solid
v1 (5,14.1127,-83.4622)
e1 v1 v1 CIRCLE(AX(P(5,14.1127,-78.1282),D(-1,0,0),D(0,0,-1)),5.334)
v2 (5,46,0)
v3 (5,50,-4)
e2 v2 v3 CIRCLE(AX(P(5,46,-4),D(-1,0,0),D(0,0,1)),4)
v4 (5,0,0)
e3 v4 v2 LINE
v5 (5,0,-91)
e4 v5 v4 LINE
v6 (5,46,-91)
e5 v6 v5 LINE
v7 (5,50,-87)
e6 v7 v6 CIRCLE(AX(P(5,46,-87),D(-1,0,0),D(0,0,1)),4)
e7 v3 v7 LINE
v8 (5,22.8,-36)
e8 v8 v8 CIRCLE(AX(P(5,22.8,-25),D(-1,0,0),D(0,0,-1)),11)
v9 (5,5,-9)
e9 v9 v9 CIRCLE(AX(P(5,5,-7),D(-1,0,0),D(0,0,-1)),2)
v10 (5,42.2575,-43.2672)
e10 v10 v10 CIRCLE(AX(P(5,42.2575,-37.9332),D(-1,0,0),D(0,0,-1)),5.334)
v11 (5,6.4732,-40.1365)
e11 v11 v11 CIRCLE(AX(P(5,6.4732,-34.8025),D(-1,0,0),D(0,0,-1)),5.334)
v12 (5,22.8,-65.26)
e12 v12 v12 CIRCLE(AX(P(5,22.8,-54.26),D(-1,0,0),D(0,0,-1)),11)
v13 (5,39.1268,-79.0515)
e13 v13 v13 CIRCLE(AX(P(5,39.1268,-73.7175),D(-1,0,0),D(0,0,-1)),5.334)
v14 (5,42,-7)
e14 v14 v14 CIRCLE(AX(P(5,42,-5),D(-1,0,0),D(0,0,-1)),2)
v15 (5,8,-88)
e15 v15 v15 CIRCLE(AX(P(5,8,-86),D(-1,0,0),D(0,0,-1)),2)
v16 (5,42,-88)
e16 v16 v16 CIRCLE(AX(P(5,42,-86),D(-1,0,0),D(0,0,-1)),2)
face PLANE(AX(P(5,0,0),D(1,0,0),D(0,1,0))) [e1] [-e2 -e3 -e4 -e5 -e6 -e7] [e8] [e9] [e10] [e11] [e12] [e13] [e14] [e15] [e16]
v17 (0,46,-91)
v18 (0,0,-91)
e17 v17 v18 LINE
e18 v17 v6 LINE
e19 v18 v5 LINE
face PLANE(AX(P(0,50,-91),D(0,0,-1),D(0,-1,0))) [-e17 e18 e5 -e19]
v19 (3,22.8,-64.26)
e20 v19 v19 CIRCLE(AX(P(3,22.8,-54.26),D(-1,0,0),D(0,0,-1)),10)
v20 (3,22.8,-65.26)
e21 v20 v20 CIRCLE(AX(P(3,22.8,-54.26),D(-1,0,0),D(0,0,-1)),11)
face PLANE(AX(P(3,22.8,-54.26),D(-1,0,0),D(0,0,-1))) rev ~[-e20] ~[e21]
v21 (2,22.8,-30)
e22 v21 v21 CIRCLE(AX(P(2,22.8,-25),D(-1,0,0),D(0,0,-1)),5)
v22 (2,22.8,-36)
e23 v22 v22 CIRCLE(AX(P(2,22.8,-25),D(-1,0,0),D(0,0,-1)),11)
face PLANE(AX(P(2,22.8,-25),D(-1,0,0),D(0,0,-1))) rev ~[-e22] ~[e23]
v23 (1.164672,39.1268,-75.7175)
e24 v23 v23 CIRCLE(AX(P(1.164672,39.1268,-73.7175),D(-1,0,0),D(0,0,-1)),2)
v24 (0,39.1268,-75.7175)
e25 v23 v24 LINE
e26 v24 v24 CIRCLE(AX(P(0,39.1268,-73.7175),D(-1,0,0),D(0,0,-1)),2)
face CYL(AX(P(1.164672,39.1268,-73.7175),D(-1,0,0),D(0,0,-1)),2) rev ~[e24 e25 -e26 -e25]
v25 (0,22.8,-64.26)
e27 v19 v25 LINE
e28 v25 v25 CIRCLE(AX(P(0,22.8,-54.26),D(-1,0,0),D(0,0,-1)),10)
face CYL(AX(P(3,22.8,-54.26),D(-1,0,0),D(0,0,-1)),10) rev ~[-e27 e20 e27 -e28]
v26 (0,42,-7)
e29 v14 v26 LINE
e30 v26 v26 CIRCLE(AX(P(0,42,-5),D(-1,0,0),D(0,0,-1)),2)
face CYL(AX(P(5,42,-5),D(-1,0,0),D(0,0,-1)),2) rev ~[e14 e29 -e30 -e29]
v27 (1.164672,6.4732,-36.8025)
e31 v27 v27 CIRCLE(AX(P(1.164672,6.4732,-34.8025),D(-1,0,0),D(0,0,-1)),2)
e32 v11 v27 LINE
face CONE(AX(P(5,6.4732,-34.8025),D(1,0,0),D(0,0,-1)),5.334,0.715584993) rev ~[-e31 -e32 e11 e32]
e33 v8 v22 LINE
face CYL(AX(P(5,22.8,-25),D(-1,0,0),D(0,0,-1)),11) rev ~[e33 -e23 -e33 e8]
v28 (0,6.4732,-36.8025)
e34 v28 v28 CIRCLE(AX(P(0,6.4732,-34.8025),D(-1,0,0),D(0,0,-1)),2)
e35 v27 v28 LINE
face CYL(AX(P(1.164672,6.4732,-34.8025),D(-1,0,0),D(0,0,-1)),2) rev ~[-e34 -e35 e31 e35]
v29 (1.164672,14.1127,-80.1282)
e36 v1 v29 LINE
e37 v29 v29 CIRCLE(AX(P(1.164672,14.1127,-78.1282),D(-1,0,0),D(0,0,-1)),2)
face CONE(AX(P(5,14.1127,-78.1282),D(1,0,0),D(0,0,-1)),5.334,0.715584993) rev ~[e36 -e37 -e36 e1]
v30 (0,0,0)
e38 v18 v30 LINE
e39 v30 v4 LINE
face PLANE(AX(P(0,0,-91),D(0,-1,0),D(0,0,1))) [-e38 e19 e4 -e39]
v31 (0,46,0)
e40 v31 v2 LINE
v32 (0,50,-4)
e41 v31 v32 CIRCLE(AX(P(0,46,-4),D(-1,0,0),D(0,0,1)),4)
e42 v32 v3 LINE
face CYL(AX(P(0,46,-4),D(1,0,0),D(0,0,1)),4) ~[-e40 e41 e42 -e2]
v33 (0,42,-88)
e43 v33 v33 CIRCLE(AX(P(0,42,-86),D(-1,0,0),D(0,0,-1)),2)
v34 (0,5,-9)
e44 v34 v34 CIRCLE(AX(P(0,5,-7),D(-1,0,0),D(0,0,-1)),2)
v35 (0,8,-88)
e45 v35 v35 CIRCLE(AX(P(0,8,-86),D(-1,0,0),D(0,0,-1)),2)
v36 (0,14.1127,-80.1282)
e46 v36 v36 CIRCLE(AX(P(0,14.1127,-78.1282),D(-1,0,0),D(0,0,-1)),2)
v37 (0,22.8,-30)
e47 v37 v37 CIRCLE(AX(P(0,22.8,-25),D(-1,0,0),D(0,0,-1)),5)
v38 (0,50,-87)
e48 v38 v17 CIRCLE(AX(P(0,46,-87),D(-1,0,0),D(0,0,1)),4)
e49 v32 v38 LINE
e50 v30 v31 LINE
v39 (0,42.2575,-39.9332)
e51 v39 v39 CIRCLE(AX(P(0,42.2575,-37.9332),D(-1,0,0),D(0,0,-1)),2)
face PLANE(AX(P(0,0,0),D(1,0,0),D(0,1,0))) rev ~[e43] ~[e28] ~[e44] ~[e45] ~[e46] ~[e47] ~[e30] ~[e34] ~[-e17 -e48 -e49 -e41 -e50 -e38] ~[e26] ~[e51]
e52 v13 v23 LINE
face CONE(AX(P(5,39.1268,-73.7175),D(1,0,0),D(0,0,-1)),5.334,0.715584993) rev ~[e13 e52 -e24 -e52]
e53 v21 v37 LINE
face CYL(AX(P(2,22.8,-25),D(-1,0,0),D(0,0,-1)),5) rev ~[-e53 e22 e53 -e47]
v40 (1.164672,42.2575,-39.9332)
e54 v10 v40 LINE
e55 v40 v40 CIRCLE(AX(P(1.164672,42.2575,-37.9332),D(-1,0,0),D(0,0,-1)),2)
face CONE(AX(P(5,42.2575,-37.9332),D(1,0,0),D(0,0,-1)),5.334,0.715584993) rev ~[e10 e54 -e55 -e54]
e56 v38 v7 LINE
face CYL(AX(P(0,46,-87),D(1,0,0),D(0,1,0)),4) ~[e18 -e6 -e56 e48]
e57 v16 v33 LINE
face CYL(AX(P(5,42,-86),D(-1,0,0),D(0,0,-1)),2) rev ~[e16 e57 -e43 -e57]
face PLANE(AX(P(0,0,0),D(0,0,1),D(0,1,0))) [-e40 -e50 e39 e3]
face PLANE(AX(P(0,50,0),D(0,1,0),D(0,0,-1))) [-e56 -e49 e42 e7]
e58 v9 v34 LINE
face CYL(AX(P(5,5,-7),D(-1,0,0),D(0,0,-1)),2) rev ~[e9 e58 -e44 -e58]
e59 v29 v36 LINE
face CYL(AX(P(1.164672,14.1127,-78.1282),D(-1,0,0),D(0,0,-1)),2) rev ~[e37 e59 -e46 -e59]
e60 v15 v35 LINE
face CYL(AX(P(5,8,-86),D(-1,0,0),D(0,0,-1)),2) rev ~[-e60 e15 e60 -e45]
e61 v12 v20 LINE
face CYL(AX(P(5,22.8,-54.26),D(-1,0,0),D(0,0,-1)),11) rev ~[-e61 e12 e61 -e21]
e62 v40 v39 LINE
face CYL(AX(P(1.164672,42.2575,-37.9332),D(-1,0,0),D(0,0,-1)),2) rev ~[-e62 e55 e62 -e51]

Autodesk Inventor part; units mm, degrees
ref_plane "YZ Plane" through (0, 0, 0) normal (1, 0, 0) x (0, 1, 0)
ref_plane "XZ Plane" through (0, 0, 0) normal (0, 1, 0) x (-1, 0, 0)
ref_plane "XY Plane" through (0, 0, 0) normal (0, 0, 1) x (1, 0, 0)
sketch "Sketch1" plane through (0, 0, 0) normal (1, 0, 0) x (0, 1, 0)
  line L0 (0, 0) -> (50, 0)
  line L1 (50, 0) -> (50, -91)
  line L2 (50, -91) -> (0, -91)
  line L3 (0, -91) -> (0, 0)
  dimension "d0" = 50
  dimension "d1" = 91
extrude "Extrusion1" add sketch "Sketch1" along normal blind 5
sketch "Sketch2" plane through (5, 0, 0) normal (1, 0, 0) x (0, 0, -1)
  line L0 (0, 0) -> (91, 0) projected
  line L1 (0, 50) -> (0, 0) projected
  point P0 (25, 22.8)
  dimension "d4" = 22.8
  dimension "d5" = 25
hole "Hole1" at (5, 22.8, -25) direction (-1, 0, 0) diameter 10 end through all counterbore diameter 22 counterbore depth 3
sketch "Sketch3" plane through (5, 0, 0) normal (1, 0, 0) x (0, 0, -1)
  circle A0 centre (25, 22.8) radius 11 projected
  line L0 (91, 0) -> (91, 50) projected
  line L1 (91, 50) -> (0, 50) projected
  line L2 (0, 50) -> (0, 0) projected
  line L3 (0, 0) -> (91, 0) projected
  circle A1 centre (25, 22.8) radius 5 projected
  line L4 (25, 22.8) -> (54.26, 22.8)
  dimension "d13" = 29.26
  dimension "d14" = 0
hole "Hole2" at (5, 22.8, -54.26) direction (-1, 0, 0) diameter 20 end through all counterbore diameter 22 counterbore depth 2
sketch "Sketch4" plane through (5, 0, 0) normal (1, 0, 0) x (0, 0, -1)
  circle A0 centre (54.26, 22.8) radius 11 projected
  line L0 (54.26, 22.8) -> (73.7175, 39.1268)
  line L1 (0, 0) -> (91, 0) projected
  point P0 (49.8493, 47.8141)
  point P1 (30.3918, 31.4873)
  point P2 (34.8025, 6.4732)
  point P3 (58.6707, -2.2141)
  point P4 (78.1282, 14.1127)
  dimension "d22" = 25.4
  dimension "d23" = 40
  dimension "d33" = 360
hole "Falcon Bolt Holes" at (5, 39.1268, -73.7175) at (5, 6.4732, -34.8025) at (5, 14.1127, -78.1282) direction (-1, 0, 0) diameter 4 end through all countersink diameter 10.668 countersink angle 82
fillet "Fillet1" radius 4 2 edges at (2.5, 50, 0) (2.5, 50, -91)
sketch "Sketch8" plane through (5, 0, 0) normal (1, 0, 0) x (0, 0, -1)
  line L0 (87, 50) -> (4, 50) projected
  line L1 (91, 0) -> (91, 46) projected
  line L2 (0, 0) -> (91, 0) projected
  line L3 (0, 46) -> (0, 0) projected
  circle A0 centre (5, 42) radius 4.5
  circle A1 centre (5, 42) radius 2
  circle A2 centre (7, 5) radius 4.5
  circle A3 centre (7, 5) radius 2
  circle A4 centre (86, 42) radius 4.5
  circle A5 centre (86, 42) radius 2
  circle A6 centre (86, 8) radius 4.5
  circle A7 centre (86, 8) radius 2
  dimension "d55" = 8
  dimension "d57" = 5
  dimension "d58" = 8
  dimension "d59" = 7
  dimension "d60" = 5
  dimension "d61" = 5
  dimension "d62" = 8
  dimension "d63" = 9
  dimension "d64" = 4
  dimension "d65" = 9
  dimension "d66" = 4
  dimension "d67" = 9
  dimension "d68" = 4
  dimension "d69" = 9
  dimension "d70" = 4
  dimension "d71" = 5
hole "Hole5" at (5, 42, -5) at (5, 42, -86) at (5, 8, -86) at (5, 5, -7) direction (-1, 0, 0) diameter 4 end through all
sketch "Sketch10" plane through (5, 0, 0) normal (1, 0, 0) x (0, 0, -1)
  circle A0 centre (54.26, 22.8) radius 11 projected
  line L0 (37.9332, 42.2575) -> (73.7175, 39.1268)
  line L1 (73.7175, 39.1268) -> (70.5868, 3.3425)
  line L2 (70.5868, 3.3425) -> (34.8025, 6.4732)
  line L3 (34.8025, 6.4732) -> (37.9332, 42.2575)
  line L4 (54.26, 22.8) -> (37.9332, 42.2575)
  line L5 (0, 46) -> (0, 0) projected
  line L6 (91, 0) -> (91, 46) projected
  line L7 (0, 0) -> (91, 0)
  circle A1 centre (34.8025, 6.4732) radius 2 projected
  dimension "d81" = 25.4
  dimension "d82" = 5
hole "Neo Bolt Holes" at (5, 42.2575, -37.9332) at (5, 39.1268, -73.7175) at (5, 6.4732, -34.8025) direction (-1, 0, 0) diameter 4 end through all countersink diameter 10.668 countersink angle 82
properties part number "One Motor Plate"
